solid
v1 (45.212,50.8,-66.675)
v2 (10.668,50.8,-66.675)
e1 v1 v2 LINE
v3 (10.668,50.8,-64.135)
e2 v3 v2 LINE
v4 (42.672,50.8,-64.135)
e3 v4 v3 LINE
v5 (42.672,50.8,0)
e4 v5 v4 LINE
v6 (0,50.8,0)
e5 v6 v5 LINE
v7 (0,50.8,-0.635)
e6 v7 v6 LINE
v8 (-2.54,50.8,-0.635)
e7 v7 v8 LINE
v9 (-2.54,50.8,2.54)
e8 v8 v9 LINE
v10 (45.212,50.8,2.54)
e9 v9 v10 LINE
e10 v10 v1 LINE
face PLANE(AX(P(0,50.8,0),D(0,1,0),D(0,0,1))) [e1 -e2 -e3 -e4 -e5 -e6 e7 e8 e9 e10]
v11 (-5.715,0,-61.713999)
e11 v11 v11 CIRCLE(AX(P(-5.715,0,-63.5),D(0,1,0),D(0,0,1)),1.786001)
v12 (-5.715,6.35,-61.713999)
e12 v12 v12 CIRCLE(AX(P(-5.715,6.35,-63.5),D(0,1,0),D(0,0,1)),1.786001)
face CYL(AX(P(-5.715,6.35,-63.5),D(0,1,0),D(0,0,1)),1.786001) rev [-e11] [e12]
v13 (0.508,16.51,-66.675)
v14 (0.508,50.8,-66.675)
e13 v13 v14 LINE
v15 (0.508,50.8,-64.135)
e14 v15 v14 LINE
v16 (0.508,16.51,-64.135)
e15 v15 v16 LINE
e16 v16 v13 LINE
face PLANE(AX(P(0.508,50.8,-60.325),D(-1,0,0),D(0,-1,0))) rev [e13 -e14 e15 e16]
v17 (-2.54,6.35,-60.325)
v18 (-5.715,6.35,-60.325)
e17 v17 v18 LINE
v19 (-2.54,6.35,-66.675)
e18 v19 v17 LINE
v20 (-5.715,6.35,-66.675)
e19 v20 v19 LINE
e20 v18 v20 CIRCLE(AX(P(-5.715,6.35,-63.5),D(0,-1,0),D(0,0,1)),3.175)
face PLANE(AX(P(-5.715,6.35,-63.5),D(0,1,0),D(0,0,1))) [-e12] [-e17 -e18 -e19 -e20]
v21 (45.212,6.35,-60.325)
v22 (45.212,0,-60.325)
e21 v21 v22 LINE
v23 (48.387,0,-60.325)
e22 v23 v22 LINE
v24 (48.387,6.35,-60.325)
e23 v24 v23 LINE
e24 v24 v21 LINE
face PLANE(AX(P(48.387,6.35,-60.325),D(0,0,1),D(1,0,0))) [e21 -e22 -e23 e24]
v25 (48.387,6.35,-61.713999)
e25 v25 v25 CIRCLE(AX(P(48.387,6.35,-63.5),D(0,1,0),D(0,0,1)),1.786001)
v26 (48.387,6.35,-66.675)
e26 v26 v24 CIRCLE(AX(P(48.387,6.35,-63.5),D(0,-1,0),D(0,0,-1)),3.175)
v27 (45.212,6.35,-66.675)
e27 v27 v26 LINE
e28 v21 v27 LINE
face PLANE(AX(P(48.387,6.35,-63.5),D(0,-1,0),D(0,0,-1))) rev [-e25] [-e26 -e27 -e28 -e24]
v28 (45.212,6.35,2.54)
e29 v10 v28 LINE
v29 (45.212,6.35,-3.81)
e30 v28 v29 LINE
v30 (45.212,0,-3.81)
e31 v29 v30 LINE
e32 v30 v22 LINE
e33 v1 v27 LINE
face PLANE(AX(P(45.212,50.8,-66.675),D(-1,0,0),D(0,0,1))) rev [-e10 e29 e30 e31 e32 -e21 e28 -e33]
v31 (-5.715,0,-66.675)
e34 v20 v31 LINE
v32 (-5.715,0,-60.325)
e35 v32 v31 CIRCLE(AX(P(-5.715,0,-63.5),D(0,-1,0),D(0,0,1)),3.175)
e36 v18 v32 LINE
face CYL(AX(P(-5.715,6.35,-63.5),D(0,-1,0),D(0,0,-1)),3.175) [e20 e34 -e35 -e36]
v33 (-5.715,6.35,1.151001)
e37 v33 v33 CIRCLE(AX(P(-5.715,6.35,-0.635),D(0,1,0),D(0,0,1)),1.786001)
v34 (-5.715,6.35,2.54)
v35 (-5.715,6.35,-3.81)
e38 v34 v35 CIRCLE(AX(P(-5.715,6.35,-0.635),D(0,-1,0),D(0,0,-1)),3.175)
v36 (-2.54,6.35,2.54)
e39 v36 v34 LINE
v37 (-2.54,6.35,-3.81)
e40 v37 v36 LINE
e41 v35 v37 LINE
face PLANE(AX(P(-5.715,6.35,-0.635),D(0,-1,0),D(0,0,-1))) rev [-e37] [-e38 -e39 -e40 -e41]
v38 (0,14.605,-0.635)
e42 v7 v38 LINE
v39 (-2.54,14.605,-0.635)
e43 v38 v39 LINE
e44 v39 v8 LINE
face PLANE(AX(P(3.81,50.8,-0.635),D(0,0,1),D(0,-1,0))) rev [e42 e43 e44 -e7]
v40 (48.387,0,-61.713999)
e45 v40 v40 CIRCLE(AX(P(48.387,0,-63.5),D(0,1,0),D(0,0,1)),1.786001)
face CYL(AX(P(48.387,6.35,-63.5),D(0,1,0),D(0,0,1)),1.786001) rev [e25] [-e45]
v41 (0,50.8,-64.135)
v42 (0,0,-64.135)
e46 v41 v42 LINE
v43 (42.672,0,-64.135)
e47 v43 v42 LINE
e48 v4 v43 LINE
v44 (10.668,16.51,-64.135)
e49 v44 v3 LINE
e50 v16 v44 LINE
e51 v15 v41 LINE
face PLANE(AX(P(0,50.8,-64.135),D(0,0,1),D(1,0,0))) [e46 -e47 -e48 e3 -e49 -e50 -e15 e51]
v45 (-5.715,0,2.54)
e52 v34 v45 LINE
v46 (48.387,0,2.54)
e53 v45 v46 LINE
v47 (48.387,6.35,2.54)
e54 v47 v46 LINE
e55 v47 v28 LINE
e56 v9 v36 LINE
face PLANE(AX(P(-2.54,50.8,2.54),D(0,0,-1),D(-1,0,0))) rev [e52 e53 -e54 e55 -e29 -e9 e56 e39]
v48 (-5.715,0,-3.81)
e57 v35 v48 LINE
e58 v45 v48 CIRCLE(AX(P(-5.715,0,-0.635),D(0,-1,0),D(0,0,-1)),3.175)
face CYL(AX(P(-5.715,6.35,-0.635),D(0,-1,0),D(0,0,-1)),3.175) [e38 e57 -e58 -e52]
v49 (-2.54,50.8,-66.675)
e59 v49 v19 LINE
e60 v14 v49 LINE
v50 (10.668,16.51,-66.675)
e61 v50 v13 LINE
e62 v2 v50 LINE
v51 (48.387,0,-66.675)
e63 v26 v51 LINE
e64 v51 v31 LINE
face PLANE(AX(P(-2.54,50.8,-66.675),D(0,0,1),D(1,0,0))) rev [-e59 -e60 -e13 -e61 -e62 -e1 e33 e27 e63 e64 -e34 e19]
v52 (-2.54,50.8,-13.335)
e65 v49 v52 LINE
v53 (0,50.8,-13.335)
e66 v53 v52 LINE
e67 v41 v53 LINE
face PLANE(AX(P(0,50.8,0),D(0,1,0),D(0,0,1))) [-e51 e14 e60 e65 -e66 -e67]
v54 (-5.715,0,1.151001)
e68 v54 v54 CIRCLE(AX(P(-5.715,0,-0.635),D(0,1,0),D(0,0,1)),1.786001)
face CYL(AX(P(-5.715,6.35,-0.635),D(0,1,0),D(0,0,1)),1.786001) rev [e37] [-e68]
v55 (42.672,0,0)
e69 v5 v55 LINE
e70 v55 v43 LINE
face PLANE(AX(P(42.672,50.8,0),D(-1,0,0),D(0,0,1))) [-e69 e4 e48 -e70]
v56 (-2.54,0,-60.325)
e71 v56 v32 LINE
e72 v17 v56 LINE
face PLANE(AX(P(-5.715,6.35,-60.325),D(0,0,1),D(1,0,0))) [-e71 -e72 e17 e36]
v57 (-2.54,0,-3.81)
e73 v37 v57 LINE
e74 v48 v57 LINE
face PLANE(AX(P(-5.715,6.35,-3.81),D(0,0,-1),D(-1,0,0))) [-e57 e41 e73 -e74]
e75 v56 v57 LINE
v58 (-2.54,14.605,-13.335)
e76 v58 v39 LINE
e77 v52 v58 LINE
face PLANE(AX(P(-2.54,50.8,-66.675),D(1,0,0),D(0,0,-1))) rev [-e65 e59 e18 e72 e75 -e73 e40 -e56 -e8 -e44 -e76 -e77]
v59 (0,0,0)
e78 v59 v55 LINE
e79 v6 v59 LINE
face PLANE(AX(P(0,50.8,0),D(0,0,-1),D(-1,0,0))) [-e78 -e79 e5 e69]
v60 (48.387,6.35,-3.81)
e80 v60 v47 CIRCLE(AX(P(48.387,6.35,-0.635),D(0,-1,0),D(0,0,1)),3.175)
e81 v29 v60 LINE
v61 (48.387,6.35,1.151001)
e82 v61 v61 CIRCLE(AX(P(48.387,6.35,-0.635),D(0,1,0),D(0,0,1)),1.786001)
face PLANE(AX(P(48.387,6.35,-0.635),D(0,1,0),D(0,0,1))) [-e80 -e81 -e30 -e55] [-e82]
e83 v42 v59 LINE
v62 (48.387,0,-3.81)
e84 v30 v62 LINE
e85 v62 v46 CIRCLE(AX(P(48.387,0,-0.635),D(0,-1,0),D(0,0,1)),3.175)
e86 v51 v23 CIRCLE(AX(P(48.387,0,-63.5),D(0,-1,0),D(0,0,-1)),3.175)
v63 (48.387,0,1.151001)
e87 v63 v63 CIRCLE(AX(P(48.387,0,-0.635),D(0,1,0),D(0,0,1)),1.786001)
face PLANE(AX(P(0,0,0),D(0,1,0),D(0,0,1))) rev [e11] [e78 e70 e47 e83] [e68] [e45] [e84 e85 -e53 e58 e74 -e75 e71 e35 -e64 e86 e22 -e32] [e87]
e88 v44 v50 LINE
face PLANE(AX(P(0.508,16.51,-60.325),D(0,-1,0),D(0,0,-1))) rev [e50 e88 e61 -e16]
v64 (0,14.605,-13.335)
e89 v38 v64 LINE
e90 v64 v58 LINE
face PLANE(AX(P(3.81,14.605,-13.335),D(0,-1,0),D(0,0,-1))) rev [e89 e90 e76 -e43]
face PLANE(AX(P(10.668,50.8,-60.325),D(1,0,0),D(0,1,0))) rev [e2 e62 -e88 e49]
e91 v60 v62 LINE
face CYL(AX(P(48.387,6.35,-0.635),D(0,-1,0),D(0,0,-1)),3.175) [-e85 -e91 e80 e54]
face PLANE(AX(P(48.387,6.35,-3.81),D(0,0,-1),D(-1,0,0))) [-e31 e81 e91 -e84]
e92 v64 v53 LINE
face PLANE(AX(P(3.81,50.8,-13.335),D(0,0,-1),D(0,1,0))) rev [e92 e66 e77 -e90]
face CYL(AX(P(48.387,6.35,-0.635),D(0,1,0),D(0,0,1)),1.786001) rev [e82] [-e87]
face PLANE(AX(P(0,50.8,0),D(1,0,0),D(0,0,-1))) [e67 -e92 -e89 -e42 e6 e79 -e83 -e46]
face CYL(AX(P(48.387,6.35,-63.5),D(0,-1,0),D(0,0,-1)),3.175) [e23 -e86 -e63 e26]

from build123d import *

# Parameters (mm, degrees)
SKETCH1_W                       = 47.752
SKETCH1_H                       = 69.215
SKETCH1_W_2                     = 42.672
SKETCH1_H_2                     = 64.135
BOSS_EXTRUDE1_DEPTH             = 50.8
BOSS_EXTRUDE2_DEPTH             = 6.35
F_9_64_0_14063_DIAMETER_HOLE1_D = 3.572002
SKETCH11_W                      = 12.7
SKETCH11_H                      = 36.195
CUT_EXTRUDE1_DEPTH              = 6.35
SKETCH12_W                      = 10.16
SKETCH12_H                      = 34.29
CUT_EXTRUDE2_DEPTH              = 6.35


with BuildPart() as part:
    # Sketch1 → Boss-Extrude1 (new body)
    with BuildSketch(Plane(origin=(0, 0, 0), x_dir=(1, 0, 0), z_dir=(0, 1, 0))):
        with Locations((21.336, 32.0675)):
            Rectangle(SKETCH1_W, SKETCH1_H)
        with Locations((21.336, 32.0675)):
            Rectangle(SKETCH1_W_2, SKETCH1_H_2, mode=Mode.SUBTRACT)
    extrude(amount=BOSS_EXTRUDE1_DEPTH)

    # Sketch2 → Boss-Extrude2 (add)
    with BuildSketch(Plane.XZ):
        with BuildLine():
            Line((-5.715, -3.81), (-2.54, -3.81))
            Line((-2.54, -3.81), (-2.54, 2.54))
            Line((-2.54, 2.54), (-5.715, 2.54))
            ThreePointArc((-5.715, 2.54), (-8.89, -0.635), (-5.715, -3.81))
        make_face()
        with BuildLine():
            Line((48.387, -60.325), (45.212, -60.325))
            Line((45.212, -60.325), (45.212, -66.675))
            Line((45.212, -66.675), (48.387, -66.675))
            ThreePointArc((48.387, -66.675), (51.562, -63.5), (48.387, -60.325))
        make_face()
        with BuildLine():
            Line((-2.54, -66.675), (-5.715, -66.675))
            ThreePointArc((-5.715, -66.675), (-8.89, -63.5), (-5.715, -60.325))
            Line((-5.715, -60.325), (-2.54, -60.325))
            Line((-2.54, -60.325), (-2.54, -66.675))
        make_face()
        with BuildLine():
            Line((45.212, 2.54), (48.387, 2.54))
            ThreePointArc((48.387, 2.54), (51.562, -0.635), (48.387, -3.81))
            Line((48.387, -3.81), (45.212, -3.81))
            Line((45.212, -3.81), (45.212, 2.54))
        make_face()
    extrude(amount=-BOSS_EXTRUDE2_DEPTH)

    # 9/64 (0.14063) Diameter Hole1 (through all)
    with Locations(Plane(origin=(0, 6.35, 0), x_dir=(1, 0, 0), z_dir=(0, 1, 0))):
        with Locations((-5.715, 0.635), (-5.715, 63.5), (48.387, 63.5), (48.387, 0.635)):
            Hole(F_9_64_0_14063_DIAMETER_HOLE1_D / 2)

    # Sketch11 → Cut-Extrude1 (cut)
    with BuildSketch(Plane.ZY.offset(2.54)):
        with Locations((-6.985, 32.7025)):
            Rectangle(SKETCH11_W, SKETCH11_H)
    extrude(amount=-CUT_EXTRUDE1_DEPTH, mode=Mode.SUBTRACT)

    # Sketch12 → Cut-Extrude2 (cut)
    with BuildSketch(Plane(origin=(0, 0, -66.675), x_dir=(-1, 0, 0), z_dir=(0, 0, -1))):
        with Locations((-5.588, 33.655)):
            Rectangle(SKETCH12_W, SKETCH12_H)
    extrude(amount=-CUT_EXTRUDE2_DEPTH, mode=Mode.SUBTRACT)


solid = part.part
